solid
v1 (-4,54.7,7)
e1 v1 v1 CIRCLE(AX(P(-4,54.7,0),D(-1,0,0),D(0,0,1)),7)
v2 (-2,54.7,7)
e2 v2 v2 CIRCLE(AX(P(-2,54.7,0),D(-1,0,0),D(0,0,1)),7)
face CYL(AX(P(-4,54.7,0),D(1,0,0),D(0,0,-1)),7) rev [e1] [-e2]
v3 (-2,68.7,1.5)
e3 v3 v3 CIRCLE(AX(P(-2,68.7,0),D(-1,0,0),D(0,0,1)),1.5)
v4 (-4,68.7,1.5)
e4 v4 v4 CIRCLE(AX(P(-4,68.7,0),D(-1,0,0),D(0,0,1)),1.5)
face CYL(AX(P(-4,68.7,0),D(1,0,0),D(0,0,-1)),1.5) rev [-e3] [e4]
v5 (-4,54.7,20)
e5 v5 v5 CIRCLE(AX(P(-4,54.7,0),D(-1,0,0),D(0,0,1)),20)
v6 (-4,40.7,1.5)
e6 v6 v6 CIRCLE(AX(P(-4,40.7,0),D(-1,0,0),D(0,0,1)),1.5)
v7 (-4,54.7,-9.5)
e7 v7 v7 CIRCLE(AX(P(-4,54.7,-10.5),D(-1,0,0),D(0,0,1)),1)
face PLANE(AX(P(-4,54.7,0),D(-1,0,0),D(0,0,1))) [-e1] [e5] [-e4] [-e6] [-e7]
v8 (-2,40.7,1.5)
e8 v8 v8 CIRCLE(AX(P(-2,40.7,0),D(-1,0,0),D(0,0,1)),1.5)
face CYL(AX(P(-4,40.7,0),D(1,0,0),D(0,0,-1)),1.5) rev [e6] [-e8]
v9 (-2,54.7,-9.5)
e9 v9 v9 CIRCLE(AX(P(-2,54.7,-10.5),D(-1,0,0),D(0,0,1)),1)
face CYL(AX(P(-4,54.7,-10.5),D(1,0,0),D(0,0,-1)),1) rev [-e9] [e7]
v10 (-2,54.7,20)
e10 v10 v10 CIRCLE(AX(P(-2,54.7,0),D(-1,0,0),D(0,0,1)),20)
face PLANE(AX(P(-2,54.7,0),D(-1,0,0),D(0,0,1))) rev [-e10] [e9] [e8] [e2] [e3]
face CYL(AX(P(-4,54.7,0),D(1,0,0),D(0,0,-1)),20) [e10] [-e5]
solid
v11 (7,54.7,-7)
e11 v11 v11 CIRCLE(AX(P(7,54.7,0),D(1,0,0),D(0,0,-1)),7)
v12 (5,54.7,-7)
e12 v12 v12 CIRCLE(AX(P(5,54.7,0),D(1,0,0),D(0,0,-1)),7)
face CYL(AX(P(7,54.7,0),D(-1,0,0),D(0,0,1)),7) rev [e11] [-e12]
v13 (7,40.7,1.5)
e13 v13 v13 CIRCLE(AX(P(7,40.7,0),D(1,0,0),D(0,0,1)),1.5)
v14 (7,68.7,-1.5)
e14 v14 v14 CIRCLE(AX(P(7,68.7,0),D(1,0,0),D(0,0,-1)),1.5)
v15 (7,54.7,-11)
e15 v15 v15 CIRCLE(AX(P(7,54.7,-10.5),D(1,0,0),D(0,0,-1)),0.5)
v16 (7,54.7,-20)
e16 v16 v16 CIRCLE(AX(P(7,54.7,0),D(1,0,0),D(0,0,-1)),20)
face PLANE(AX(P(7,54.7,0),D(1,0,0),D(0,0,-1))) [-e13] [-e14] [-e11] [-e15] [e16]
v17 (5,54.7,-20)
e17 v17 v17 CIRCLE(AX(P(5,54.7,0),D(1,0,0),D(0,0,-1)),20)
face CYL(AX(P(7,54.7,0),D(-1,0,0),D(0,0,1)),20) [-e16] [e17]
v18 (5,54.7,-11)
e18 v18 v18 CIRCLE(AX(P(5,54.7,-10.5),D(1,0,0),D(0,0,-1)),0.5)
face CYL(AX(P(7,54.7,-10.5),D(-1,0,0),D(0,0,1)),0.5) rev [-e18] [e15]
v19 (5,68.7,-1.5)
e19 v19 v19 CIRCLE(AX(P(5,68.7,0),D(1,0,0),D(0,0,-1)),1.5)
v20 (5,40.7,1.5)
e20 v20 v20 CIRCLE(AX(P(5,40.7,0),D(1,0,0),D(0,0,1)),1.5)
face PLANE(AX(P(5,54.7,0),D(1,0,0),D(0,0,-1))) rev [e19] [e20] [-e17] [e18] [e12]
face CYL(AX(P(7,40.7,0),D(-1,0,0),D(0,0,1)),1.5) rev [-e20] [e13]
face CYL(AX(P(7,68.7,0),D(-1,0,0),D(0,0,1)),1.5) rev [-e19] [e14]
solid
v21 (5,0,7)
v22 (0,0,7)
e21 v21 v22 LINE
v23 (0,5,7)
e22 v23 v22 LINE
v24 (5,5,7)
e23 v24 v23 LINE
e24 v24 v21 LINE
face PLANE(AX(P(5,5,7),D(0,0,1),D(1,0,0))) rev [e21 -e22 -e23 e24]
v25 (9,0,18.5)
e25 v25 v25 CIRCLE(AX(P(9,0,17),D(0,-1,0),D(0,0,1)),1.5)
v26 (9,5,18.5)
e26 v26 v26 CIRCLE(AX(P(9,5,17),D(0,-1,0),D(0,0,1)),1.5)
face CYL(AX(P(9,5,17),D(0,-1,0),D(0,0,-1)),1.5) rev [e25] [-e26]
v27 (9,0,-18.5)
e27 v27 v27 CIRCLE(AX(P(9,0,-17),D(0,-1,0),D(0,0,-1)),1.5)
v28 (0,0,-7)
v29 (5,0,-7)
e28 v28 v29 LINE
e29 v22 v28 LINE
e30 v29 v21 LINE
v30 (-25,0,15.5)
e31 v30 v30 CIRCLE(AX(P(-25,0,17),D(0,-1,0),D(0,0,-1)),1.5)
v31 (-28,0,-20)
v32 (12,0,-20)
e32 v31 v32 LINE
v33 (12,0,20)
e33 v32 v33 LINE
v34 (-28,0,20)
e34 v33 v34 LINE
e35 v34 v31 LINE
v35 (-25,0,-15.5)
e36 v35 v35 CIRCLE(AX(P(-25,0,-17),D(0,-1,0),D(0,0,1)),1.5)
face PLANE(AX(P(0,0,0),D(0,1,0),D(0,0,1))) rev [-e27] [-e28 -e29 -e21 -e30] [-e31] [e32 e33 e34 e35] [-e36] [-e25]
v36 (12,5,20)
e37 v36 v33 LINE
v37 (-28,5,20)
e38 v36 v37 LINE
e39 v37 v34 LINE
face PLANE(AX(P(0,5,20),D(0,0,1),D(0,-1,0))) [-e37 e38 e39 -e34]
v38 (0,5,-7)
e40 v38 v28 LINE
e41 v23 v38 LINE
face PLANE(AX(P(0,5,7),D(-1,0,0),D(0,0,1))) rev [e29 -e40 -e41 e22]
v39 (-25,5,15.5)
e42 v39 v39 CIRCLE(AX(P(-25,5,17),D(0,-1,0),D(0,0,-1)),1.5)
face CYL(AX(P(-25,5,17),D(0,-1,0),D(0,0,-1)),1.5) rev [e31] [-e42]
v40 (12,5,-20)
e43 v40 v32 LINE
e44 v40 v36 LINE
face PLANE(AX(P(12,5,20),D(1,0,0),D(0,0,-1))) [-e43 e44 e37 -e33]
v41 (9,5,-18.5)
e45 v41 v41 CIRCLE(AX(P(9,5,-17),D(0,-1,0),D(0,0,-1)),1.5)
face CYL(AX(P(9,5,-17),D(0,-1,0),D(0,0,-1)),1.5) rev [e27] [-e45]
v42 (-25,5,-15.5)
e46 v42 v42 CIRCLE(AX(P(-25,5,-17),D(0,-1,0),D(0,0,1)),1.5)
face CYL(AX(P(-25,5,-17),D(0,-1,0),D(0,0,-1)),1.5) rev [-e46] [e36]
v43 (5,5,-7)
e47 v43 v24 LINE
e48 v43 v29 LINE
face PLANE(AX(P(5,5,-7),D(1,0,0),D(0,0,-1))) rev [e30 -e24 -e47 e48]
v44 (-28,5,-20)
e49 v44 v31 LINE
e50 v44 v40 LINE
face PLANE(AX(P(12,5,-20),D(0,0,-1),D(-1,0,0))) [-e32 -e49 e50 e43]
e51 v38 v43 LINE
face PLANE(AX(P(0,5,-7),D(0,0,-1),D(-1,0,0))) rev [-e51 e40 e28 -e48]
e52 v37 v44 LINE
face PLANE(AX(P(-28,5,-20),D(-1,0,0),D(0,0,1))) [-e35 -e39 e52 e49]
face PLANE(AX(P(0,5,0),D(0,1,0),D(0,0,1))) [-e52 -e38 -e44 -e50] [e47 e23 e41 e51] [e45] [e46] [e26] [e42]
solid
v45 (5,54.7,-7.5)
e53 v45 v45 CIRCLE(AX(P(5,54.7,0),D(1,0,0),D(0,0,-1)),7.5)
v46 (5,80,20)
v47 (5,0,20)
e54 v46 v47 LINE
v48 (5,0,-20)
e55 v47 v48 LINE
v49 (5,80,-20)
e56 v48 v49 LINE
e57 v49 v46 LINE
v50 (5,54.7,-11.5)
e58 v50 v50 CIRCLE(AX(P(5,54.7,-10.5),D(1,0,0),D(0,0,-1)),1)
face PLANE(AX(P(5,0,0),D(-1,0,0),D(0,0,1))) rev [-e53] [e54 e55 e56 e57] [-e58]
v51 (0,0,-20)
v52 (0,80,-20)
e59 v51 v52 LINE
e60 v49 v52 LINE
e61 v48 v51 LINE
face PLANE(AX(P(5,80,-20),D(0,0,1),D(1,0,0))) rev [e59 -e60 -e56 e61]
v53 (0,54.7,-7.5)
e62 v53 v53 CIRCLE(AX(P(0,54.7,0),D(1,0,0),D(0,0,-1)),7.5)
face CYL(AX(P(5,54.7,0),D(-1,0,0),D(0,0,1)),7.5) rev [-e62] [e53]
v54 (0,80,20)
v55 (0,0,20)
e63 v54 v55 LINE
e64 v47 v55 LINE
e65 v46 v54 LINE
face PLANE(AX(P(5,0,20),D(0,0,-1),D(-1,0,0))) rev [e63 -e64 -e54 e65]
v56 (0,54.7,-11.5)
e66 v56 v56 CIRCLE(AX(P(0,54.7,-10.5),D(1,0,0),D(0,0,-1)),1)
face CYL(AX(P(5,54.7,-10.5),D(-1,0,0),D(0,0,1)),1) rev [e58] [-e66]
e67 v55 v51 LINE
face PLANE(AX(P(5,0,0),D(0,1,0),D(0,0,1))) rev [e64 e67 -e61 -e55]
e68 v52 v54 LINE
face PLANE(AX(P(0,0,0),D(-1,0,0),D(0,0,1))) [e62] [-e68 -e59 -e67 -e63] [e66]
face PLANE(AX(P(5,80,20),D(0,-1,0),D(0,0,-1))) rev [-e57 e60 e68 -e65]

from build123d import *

# Parameters (mm, degrees)
SKETCH1_R           = 7.5
SKETCH1_R_2         = 1
BOSS_EXTRUDE1_DEPTH = 5
SKETCH2_R           = 20
SKETCH2_R_2         = 7
SKETCH2_R_3         = 0.5
SKETCH2_R_4         = 1.5
BOSS_EXTRUDE2_DEPTH = 2
SKETCH4_R           = 20
SKETCH4_R_2         = 1
SKETCH4_R_3         = 1.5
SKETCH4_R_4         = 7
BOSS_EXTRUDE3_DEPTH = 2
SKETCH6_R           = 1.5
SKETCH6_W           = 5
SKETCH6_H           = 14
BOSS_EXTRUDE4_DEPTH = 5


with BuildPart() as part:
    # Sketch1 → Boss-Extrude1 (new body)
    with BuildSketch(Plane(origin=(0, 0, 0), x_dir=(0, 0, -1), z_dir=(1, 0, 0))):
        Polygon((0, 0), (-20, 0), (-20, 80), (20, 80), (20, 0), align=None)
        with Locations((0, 54.7)):
            Circle(SKETCH1_R, mode=Mode.SUBTRACT)
        with Locations((10.5, 54.7)):
            Circle(SKETCH1_R_2, mode=Mode.SUBTRACT)
    extrude(amount=BOSS_EXTRUDE1_DEPTH)


with BuildPart() as body_2:
    # Sketch2 → Boss-Extrude2 (new body)
    with BuildSketch(Plane(origin=(5, 0, 0), x_dir=(0, 0, -1), z_dir=(1, 0, 0))):
        with Locations((0, 54.7)):
            Circle(SKETCH2_R)
        with Locations((0, 54.7)):
            Circle(SKETCH2_R_2, mode=Mode.SUBTRACT)
        with Locations((10.5, 54.7)):
            Circle(SKETCH2_R_3, mode=Mode.SUBTRACT)
        with Locations((0, 68.7)):
            Circle(SKETCH2_R_4, mode=Mode.SUBTRACT)
        with Locations(Location((0, 40.7, 0), (0, 0, 180))):
            Circle(SKETCH2_R_4, mode=Mode.SUBTRACT)
    extrude(amount=BOSS_EXTRUDE2_DEPTH)


with BuildPart() as body_3:
    # Sketch4 → Boss-Extrude3 (new body)
    with BuildSketch(Plane.ZY.offset(2)):
        with Locations((0, 54.7)):
            Circle(SKETCH4_R)
        with Locations((-10.5, 54.7)):
            Circle(SKETCH4_R_2, mode=Mode.SUBTRACT)
        with Locations((0, 40.7)):
            Circle(SKETCH4_R_3, mode=Mode.SUBTRACT)
        with Locations((0, 68.7)):
            Circle(SKETCH4_R_3, mode=Mode.SUBTRACT)
        with Locations((0, 54.7)):
            Circle(SKETCH4_R_4, mode=Mode.SUBTRACT)
    extrude(amount=BOSS_EXTRUDE3_DEPTH)


with BuildPart() as body_4:
    # Sketch6 → Boss-Extrude4 (new body)
    with BuildSketch(Plane.XZ):
        Polygon((0, 20), (12, 20), (12, -20), (-28, -20), (-28, 20), align=None)
        with Locations(Location((-25, 17, 0), (0, 0, 270))):
            Circle(SKETCH6_R, mode=Mode.SUBTRACT)
        with Locations(Location((-25, -17, 0), (0, 0, 90))):
            Circle(SKETCH6_R, mode=Mode.SUBTRACT)
        with Locations(Location((9, -17, 0), (0, 0, 270))):
            Circle(SKETCH6_R, mode=Mode.SUBTRACT)
        with Locations(Location((9, 17, 0), (0, 0, 90))):
            Circle(SKETCH6_R, mode=Mode.SUBTRACT)
        with Locations((2.5, 0)):
            Rectangle(SKETCH6_W, SKETCH6_H, mode=Mode.SUBTRACT)
    extrude(amount=-BOSS_EXTRUDE4_DEPTH)


solid = Compound([part.part, body_2.part, body_3.part, body_4.part])
